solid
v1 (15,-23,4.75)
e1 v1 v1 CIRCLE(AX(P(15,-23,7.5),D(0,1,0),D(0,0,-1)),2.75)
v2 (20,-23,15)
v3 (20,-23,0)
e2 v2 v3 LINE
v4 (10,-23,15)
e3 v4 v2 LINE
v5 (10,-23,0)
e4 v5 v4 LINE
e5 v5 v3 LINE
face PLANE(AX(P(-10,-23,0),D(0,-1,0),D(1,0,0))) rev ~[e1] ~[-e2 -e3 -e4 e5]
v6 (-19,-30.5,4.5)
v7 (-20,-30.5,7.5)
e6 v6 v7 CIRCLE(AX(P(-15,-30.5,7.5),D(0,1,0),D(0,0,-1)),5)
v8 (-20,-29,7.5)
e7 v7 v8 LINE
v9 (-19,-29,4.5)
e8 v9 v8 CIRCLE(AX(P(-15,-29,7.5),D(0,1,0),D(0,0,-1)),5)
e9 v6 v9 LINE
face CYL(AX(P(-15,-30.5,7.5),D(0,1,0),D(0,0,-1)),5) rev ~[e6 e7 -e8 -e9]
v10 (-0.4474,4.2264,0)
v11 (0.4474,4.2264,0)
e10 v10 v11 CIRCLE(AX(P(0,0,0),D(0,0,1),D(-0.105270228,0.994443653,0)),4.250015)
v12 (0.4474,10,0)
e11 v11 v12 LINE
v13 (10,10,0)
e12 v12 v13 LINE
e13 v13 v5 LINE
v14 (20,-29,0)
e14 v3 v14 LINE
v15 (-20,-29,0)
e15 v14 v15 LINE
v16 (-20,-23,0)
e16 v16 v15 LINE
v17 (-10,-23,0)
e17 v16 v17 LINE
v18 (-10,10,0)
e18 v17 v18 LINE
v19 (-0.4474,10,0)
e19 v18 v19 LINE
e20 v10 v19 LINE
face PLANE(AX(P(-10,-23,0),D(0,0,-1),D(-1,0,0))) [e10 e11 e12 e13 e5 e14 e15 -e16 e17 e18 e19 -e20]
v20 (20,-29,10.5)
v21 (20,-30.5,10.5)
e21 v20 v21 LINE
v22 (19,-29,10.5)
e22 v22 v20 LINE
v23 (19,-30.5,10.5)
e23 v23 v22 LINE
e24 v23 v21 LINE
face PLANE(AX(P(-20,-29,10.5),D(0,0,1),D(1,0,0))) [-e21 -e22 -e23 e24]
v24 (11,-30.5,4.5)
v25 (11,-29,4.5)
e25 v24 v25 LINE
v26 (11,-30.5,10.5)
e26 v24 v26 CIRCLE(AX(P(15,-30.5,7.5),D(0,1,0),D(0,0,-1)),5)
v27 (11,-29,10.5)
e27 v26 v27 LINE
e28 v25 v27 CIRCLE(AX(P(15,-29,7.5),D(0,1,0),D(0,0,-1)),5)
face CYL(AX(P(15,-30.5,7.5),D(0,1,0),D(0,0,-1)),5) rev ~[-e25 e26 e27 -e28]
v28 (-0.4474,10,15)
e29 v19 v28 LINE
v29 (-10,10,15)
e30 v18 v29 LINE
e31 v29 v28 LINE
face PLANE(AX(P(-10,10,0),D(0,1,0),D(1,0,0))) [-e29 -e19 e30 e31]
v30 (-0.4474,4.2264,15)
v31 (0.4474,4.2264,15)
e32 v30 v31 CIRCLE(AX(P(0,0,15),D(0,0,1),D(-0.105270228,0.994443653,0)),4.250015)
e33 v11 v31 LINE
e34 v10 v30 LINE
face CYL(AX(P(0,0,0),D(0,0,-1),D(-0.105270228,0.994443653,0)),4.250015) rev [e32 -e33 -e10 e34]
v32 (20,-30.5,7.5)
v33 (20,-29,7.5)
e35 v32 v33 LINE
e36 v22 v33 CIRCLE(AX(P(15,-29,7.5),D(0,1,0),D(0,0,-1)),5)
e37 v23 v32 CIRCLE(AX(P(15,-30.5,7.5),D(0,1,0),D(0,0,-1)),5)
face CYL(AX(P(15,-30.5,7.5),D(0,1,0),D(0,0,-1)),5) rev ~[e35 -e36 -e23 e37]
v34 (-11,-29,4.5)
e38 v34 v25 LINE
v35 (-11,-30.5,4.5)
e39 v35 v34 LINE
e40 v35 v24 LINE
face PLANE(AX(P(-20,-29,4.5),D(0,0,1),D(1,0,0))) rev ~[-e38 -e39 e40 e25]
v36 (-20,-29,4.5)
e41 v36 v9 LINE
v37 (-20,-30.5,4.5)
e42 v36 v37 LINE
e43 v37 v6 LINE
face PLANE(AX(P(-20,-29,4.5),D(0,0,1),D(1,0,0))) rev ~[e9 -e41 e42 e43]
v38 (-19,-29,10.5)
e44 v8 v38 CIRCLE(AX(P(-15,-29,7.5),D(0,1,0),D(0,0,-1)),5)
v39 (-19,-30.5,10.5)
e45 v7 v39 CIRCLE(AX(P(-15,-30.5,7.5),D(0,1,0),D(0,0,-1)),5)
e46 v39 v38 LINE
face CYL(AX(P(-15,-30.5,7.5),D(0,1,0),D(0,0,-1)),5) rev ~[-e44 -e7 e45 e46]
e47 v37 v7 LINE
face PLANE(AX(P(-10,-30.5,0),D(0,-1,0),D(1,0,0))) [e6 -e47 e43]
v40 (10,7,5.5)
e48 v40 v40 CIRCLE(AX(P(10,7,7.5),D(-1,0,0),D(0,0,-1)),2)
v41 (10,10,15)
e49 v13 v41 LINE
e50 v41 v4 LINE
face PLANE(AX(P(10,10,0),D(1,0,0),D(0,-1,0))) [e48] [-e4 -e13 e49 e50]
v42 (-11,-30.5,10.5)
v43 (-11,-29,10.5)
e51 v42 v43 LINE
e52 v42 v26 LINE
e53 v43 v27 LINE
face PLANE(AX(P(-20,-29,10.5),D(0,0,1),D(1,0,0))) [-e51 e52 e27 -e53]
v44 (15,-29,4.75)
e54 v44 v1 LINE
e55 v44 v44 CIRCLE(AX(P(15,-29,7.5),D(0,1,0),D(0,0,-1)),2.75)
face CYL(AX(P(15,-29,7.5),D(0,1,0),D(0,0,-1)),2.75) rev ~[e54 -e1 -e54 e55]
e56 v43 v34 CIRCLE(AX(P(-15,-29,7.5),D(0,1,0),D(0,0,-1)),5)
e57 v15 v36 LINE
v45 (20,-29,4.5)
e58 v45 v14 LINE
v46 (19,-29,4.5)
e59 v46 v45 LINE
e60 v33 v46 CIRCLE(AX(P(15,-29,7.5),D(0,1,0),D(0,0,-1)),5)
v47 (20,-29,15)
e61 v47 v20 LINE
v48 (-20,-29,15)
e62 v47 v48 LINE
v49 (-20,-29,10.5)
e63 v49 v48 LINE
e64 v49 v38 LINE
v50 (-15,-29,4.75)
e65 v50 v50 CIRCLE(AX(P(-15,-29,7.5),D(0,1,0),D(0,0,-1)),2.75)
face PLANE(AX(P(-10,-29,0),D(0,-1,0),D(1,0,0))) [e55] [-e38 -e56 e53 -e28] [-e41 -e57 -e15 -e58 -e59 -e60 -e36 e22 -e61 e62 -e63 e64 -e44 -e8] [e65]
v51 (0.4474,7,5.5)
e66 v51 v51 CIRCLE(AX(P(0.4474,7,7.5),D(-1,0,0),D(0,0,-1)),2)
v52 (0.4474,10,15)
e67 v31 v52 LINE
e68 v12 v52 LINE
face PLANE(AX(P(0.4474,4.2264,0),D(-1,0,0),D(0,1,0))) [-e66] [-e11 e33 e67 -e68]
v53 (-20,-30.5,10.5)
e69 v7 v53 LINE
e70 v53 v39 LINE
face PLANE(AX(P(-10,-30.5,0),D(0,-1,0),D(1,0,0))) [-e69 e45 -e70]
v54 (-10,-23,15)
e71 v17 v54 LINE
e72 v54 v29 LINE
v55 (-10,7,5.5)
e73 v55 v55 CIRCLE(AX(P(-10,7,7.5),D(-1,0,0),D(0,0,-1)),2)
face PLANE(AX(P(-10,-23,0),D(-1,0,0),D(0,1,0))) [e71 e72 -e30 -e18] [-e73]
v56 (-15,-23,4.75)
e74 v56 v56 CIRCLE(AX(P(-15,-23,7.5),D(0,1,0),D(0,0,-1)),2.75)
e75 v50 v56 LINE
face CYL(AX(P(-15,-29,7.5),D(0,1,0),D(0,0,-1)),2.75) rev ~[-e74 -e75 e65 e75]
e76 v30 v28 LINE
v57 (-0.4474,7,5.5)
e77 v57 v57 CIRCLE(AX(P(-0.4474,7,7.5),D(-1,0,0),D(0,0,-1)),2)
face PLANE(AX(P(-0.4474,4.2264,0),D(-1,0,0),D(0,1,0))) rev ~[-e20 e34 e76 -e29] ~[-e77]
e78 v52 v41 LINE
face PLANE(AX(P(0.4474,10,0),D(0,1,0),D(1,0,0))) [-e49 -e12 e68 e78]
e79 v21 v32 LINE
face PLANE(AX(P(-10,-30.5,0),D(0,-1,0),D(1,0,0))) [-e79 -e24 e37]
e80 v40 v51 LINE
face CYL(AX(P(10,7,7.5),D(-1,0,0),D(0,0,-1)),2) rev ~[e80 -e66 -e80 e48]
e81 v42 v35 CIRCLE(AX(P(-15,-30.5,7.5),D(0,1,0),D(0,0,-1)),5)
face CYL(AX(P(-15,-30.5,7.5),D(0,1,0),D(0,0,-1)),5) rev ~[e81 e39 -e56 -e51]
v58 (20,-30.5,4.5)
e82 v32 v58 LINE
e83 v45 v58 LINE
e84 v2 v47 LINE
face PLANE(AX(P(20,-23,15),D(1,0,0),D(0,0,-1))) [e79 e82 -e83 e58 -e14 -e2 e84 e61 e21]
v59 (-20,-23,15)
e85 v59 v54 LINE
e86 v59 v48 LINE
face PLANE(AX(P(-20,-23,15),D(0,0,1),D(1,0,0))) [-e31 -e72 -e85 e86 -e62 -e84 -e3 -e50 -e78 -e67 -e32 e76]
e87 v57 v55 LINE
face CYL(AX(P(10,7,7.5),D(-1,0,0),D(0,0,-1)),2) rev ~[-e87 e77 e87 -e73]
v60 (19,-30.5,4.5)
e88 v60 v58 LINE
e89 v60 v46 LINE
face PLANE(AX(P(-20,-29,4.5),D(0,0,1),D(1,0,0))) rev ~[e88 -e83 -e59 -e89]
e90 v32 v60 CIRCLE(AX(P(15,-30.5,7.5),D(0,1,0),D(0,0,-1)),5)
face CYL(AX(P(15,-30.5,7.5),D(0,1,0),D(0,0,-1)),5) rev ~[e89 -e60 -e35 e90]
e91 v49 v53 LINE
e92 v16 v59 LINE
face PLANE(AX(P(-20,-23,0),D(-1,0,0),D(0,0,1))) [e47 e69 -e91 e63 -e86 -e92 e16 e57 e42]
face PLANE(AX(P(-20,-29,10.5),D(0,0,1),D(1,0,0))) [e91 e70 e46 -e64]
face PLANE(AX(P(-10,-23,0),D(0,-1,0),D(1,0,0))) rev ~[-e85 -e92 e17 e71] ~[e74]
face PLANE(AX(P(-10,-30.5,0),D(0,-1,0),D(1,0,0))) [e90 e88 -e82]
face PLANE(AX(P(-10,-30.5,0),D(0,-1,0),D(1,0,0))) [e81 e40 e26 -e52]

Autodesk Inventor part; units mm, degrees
ref_plane "YZ Plane" through (0, 0, 0) normal (1, 0, 0) x (0, 1, 0)
ref_plane "XZ Plane" through (0, 0, 0) normal (0, 1, 0) x (-1, 0, 0)
ref_plane "XY Plane" through (0, 0, 0) normal (0, 0, 1) x (1, 0, 0)
sketch "Sketch1" plane through (0, 0, 0) normal (0, 0, 1) x (1, 0, 0)
  arc A0 (-0.4474, 4.2264) -> (0.4474, 4.2264) centre (0, 0) ccw
  line L0 (10, 10) -> (10, -23)
  line L1 (10, -23) -> (-10, -23)
  line L2 (-10, -23) -> (-10, 10)
  line L3 (-0.4474, 4.2264) -> (-0.4474, 10)
  line L4 (0.4474, 4.2264) -> (0.4474, 10)
  line L5 (-10, 10) -> (-0.4474, 10)
  line L6 (0.4474, 10) -> (10, 10)
  dimension "d2" = 8.5
  dimension "d3" = 20
  dimension "d7" = 23
  dimension "d43" = 10
  dimension "d44" = 10
extrude "Extrusion1" add sketch "Sketch1" along normal blind 15
sketch "Sketch2" plane through (-10, -23, 0) normal (0, -1, 0) x (1, 0, 0)
  line L0 (0, 0) -> (0, 15) projected
  line L1 (20, 0) -> (20, 15) projected
  line L2 (0, 0) -> (20, 15)
  line L3 (-10, 15) -> (30, 15)
  line L4 (30, 15) -> (30, 0)
  line L5 (30, 0) -> (-10, 0)
  line L6 (-10, 0) -> (-10, 15)
  line L7 (-10, 15) -> (30, 0) construction
  line L8 (30, 15) -> (-10, 0) construction
  point P0 (10, 0)
  point P1 (10, 7.5)
  dimension "d13" = 40
  dimension "d17" = 15
extrude "Extrusion2" add sketch "Sketch2" along normal blind 6
sketch "Sketch3" plane through (-10, -29, 0) normal (0, -1, 0) x (1, 0, 0)
  line L0 (-10, 10.5) -> (30, 10.5)
  line L1 (-10, 4.5) -> (30, 4.5)
  line L2 (-10, 4.5) -> (-10, 10.5)
  line L3 (-10, 0) -> (-10, 15) projected
  line L4 (30, 10.5) -> (30, 4.5)
  line L5 (30, 0) -> (30, 15) projected
  point P0 (10, 0)
extrude "Extrusion3" add sketch "Sketch3" along normal blind 1.5
sketch "Sketch4" plane through (-10, -30.5, 0) normal (0, -1, 0) x (1, 0, 0)
  line L0 (30, 4.5) -> (-10, 4.5) projected
  line L1 (-10, 10.5) -> (30, 10.5) projected
  line L2 (-10, 10.5) -> (-10, 4.5) projected
  line L3 (-10, 7.5) -> (-5, 7.5)
  line L4 (30, 15) -> (30, 0) projected
  line L5 (30, 7.5) -> (25, 7.5)
  point P0 (10, 0)
  dimension "d22" = 5
  dimension "d23" = 5
hole "Hole1" at (-15, -30.5, 7.5) at (15, -30.5, 7.5) direction (0, 1, 0) diameter 5.5 end through all counterbore diameter 10 counterbore depth 1.5
sketch "Sketch5" plane through (10, 10, 15) normal (1, 0, 0) x (0, 0, -1)
  line L0 (15, 0) -> (0, 0) projected
  line L1 (7.5, 0) -> (7.5, -3)
  point P0 (15, -10)
  dimension "d35" = 3
hole "Hole2" at (10, 7, 7.5) direction (-1, 0, 0) diameter 4 end through all
properties part number "Suporte Eixos 8mm"
